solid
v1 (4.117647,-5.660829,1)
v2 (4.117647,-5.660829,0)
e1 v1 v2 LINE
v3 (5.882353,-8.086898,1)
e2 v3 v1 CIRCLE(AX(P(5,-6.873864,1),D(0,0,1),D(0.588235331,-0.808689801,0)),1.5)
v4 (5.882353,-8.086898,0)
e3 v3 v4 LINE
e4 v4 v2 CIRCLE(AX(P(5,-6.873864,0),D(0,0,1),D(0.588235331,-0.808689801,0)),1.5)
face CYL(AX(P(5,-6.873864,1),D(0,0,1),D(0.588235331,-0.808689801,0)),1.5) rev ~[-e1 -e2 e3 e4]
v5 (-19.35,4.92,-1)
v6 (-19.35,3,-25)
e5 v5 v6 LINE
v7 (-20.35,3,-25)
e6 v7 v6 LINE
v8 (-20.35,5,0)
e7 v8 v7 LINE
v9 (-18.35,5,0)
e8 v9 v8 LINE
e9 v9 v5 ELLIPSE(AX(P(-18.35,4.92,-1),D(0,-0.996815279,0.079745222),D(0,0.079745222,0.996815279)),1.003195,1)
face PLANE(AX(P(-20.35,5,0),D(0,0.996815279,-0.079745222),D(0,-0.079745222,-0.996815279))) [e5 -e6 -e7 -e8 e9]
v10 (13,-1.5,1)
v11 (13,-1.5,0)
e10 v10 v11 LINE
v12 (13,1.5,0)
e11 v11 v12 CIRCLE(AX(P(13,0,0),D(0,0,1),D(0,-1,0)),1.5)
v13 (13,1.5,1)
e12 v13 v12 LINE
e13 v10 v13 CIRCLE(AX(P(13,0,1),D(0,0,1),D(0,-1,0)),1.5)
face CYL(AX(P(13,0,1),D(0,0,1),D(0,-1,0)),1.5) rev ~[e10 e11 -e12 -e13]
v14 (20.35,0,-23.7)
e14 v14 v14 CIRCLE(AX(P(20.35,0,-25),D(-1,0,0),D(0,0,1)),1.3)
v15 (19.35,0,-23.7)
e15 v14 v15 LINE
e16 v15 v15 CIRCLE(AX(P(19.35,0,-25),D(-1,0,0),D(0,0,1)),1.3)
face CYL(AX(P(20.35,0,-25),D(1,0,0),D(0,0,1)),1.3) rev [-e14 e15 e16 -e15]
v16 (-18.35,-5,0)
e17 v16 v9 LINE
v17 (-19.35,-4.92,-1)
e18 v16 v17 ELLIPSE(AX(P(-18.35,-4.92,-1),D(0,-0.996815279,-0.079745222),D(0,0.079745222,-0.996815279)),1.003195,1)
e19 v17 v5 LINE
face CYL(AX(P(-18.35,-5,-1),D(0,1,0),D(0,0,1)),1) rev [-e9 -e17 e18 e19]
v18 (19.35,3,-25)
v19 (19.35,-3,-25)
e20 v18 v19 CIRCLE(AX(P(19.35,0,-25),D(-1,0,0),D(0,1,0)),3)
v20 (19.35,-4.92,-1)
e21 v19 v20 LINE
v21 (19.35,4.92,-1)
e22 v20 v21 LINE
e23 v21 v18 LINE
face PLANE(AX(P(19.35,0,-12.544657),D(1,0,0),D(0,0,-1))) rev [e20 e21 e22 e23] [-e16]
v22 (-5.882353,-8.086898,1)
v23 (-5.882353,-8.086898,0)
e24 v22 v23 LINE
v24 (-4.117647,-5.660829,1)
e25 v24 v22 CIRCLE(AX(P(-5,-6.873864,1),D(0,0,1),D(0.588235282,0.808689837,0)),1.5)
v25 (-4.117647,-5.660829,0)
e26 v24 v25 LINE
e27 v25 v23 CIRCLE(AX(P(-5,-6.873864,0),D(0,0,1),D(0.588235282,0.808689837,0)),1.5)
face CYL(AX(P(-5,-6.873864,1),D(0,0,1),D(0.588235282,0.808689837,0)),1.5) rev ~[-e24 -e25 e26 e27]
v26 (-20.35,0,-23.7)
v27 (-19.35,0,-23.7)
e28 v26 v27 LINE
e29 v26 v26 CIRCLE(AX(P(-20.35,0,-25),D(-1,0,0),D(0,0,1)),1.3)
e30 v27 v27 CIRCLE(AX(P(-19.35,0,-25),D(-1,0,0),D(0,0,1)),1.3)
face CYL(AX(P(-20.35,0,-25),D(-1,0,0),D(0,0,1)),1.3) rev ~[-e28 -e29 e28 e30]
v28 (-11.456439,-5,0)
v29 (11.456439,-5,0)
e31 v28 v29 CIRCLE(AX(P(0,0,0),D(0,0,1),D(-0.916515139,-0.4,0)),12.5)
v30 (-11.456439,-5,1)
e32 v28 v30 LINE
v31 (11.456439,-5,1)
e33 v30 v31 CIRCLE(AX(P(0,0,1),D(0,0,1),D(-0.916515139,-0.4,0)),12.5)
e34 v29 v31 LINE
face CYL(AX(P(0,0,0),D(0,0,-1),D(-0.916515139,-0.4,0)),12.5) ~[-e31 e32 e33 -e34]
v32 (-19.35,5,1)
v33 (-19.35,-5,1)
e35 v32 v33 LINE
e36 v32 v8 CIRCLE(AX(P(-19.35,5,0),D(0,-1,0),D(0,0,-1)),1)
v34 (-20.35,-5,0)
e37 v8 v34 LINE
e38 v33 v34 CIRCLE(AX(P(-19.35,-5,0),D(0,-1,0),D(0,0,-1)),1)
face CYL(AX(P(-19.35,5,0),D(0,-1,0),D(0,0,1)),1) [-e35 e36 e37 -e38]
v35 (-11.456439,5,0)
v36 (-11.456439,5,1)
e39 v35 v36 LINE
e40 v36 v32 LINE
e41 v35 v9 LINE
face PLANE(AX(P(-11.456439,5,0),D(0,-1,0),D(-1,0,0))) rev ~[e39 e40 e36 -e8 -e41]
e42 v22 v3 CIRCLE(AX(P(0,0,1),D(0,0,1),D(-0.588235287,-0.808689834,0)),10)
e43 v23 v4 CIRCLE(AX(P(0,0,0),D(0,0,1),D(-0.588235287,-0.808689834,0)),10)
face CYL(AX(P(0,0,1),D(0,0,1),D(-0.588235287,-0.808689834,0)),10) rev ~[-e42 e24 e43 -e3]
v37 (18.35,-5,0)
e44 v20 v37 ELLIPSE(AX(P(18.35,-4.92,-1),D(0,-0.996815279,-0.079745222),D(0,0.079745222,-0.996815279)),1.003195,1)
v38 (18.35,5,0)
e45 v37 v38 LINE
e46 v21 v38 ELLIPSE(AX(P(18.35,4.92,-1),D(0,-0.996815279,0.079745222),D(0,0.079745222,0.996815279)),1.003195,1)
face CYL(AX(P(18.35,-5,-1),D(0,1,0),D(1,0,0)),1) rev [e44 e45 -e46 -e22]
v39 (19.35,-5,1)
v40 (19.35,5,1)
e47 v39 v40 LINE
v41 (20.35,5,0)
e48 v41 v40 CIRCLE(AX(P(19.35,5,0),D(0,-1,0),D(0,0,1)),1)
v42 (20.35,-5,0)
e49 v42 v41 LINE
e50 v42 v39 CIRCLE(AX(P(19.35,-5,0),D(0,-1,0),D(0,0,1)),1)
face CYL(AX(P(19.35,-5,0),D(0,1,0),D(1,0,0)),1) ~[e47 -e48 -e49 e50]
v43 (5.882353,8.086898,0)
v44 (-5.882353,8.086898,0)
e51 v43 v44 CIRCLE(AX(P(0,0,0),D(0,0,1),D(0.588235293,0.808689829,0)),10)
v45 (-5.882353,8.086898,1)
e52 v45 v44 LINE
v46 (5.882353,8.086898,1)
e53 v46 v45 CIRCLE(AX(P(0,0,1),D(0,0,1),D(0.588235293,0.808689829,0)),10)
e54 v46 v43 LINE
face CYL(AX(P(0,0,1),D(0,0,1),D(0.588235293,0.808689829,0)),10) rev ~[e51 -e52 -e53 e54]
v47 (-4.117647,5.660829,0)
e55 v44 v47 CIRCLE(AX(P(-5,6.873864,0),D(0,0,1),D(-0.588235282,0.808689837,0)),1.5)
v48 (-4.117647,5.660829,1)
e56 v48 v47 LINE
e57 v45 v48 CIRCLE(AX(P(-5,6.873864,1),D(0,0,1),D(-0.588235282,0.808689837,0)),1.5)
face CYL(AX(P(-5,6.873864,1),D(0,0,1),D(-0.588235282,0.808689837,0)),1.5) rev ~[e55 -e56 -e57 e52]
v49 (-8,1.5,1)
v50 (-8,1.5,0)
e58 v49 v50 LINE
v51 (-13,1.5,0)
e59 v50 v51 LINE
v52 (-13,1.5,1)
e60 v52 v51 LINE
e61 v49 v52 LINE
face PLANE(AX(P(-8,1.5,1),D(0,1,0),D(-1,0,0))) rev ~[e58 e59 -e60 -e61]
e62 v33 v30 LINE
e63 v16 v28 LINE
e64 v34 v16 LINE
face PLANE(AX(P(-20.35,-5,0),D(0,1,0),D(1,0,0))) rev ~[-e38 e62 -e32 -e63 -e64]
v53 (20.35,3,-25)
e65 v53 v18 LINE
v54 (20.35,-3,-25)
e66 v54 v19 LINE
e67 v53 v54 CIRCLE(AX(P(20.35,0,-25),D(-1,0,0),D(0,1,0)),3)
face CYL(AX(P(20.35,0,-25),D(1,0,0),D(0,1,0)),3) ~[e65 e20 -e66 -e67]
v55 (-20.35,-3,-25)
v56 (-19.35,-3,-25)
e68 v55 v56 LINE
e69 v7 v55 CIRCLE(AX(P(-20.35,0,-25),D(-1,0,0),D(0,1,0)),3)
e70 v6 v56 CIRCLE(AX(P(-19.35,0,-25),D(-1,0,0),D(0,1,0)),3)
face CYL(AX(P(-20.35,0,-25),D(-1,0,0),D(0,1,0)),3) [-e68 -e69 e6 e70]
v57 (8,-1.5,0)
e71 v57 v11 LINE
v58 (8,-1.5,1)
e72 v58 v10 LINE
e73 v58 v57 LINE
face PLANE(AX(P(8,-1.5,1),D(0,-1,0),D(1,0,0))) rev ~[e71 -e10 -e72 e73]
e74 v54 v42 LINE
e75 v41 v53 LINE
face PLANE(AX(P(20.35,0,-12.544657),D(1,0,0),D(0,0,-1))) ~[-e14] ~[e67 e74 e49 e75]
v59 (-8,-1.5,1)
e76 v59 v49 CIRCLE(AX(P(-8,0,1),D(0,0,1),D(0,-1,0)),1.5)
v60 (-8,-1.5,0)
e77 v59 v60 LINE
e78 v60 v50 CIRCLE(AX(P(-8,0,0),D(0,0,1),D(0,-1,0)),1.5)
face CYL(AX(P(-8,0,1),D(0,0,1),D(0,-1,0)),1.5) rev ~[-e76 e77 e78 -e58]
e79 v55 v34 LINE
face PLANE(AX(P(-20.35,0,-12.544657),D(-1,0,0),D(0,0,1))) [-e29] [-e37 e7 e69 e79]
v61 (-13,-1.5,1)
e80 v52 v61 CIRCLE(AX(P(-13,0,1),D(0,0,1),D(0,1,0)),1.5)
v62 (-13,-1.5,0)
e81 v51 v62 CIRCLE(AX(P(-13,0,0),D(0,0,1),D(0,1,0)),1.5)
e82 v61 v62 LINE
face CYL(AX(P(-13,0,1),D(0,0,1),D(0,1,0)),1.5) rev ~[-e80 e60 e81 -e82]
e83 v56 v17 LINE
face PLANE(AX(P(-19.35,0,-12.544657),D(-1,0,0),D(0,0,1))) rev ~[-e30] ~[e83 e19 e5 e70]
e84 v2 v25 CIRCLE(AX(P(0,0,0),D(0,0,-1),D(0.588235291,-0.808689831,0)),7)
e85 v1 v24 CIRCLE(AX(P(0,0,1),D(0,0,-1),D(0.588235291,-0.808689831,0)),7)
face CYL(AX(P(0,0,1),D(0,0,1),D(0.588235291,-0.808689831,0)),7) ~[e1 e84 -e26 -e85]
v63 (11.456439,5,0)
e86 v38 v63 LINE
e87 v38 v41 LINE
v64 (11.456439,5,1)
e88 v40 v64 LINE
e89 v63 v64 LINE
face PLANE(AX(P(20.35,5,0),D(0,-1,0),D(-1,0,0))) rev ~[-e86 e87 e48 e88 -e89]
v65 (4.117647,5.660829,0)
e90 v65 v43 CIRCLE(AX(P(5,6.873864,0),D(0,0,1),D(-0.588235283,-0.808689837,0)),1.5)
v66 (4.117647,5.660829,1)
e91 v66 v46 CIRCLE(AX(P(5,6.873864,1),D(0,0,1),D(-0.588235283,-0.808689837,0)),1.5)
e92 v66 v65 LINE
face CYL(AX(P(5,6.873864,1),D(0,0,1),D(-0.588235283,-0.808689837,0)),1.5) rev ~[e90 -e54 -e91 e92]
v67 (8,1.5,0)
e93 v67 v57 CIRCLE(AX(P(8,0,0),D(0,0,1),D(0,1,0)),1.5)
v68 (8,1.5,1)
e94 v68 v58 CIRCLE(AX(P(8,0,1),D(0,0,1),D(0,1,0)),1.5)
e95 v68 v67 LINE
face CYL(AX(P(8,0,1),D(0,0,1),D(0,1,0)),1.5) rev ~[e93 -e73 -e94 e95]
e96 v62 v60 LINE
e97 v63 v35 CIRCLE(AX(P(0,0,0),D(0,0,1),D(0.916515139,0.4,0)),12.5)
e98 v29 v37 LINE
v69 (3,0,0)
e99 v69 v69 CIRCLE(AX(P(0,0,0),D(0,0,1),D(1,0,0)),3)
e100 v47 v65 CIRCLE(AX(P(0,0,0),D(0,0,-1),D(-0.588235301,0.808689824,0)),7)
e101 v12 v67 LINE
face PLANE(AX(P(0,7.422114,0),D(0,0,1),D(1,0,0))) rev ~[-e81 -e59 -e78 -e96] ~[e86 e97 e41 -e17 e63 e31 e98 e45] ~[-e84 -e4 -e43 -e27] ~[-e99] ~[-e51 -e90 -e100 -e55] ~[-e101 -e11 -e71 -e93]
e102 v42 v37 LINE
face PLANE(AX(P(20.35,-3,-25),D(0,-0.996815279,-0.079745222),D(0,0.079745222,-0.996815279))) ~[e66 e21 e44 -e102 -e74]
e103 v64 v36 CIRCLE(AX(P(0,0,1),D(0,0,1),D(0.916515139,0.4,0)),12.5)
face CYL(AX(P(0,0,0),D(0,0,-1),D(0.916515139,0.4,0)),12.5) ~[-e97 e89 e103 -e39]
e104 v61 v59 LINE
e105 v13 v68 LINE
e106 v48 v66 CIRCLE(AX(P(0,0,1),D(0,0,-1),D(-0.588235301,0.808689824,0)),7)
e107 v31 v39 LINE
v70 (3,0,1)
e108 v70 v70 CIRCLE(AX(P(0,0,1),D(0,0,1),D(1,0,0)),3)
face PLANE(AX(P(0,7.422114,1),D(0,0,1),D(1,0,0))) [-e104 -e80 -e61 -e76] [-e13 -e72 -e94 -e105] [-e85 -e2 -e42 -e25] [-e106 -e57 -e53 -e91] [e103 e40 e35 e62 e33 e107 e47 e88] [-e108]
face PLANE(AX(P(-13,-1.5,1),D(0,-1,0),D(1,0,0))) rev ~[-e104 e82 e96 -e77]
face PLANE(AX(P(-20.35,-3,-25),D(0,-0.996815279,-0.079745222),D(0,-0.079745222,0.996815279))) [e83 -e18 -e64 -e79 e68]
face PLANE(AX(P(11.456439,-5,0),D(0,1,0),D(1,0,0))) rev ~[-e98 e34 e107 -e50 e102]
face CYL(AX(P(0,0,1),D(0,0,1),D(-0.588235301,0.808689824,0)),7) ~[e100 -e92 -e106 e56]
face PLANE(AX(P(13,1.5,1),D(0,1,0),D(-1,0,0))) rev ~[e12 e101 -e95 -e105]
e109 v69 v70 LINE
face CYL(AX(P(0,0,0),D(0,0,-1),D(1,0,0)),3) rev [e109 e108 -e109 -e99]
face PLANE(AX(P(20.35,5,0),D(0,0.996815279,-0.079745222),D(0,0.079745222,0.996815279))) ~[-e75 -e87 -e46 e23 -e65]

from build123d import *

# Parameters (mm, degrees)
SKETCH1_R           = 3
BOSS_EXTRUDE1_DEPTH = 1
SKETCH2_R           = 1.3
BOSS_EXTRUDE2_DEPTH = 1
FILLET1_R           = 1
CUT_EXTRUDE1_DEPTH  = 1


with BuildPart() as part:
    # Sketch1 → Boss-Extrude1 (new body)
    with BuildSketch(Plane.XY):
        with BuildLine():
            ThreePointArc((11.456439237, 5), (0, 12.5), (-11.456439237, 5))
            Line((-11.456439237, 5), (11.456439237, 5))
        make_face()
        with BuildLine():
            Line((11.456439237, 5), (-11.456439237, 5))
            ThreePointArc((-11.456439237, 5), (-12.5, 0), (-11.456439237, -5))
            Line((-11.456439237, -5), (11.456439237, -5))
            ThreePointArc((11.456439237, -5), (12.236328912, -2.553870546), (12.5, 0))
            ThreePointArc((12.5, 0), (12.236328912, 2.553870546), (11.456439237, 5))
        make_face()
        Circle(SKETCH1_R, mode=Mode.SUBTRACT)
        with BuildLine():
            Line((20.35, 5), (11.456439237, 5))
            ThreePointArc((11.456439237, 5), (12.236328912, 2.553870546), (12.5, 0))
            ThreePointArc((12.5, 0), (12.236328912, -2.553870546), (11.456439237, -5))
            Line((11.456439237, -5), (20.35, -5))
            Line((20.35, -5), (20.35, 5))
        make_face()
        with BuildLine():
            Line((-11.456439237, 5), (-20.35, 5))
            Line((-20.35, 5), (-20.35, -5))
            Line((-20.35, -5), (-11.456439237, -5))
            ThreePointArc((-11.456439237, -5), (-12.5, 0), (-11.456439237, 5))
        make_face()
        with BuildLine():
            Line((11.456439237, -5), (-11.456439237, -5))
            ThreePointArc((-11.456439237, -5), (0, -12.5), (11.456439237, -5))
        make_face()
    extrude(amount=BOSS_EXTRUDE1_DEPTH)

    # Sketch2 → Boss-Extrude2 (add)
    with BuildSketch(Plane.ZY.offset(20.35)):
        with BuildLine():
            Line((-25, -3), (0, -5))
            Line((0, -5), (0, 5))
            Line((0, 5), (-25, 3))
            ThreePointArc((-25, 3), (-28, 0), (-25, -3))
        make_face()
        with Locations((-25, 0)):
            Circle(SKETCH2_R, mode=Mode.SUBTRACT)
    boss_extrude2 = extrude(amount=-BOSS_EXTRUDE2_DEPTH)

    # Mirror1: Boss-Extrude2 across plane
    add(boss_extrude2.mirror(Plane.ZY))

    # Fillet1
    fillet1_edges = [part.edges().sort_by_distance(p)[0] for p in [
        (20.35, 0, 1),
        (-20.35, 0, 1),
        (19.35, 0, 0),
        (-19.35, 0, 0),
    ]]
    fillet(fillet1_edges, radius=FILLET1_R)

    # Sketch3 → Cut-Extrude1 (cut)
    with BuildSketch(Plane.XY.offset(1)):
        with BuildLine():
            ThreePointArc((8, 1.5), (6.5, 0), (8, -1.5))
            Line((8, -1.5), (13, -1.5))
            ThreePointArc((13, -1.5), (14.5, 0), (13, 1.5))
            Line((13, 1.5), (8, 1.5))
        make_face()
        with BuildLine():
            ThreePointArc((-4.117647107, 5.660828765), (-1.9e-08, 7), (4.117647076, 5.660828787))
            ThreePointArc((4.117647076, 5.660828787), (6.213034752, 5.991510614), (5.882352933, 8.086898291))
            ThreePointArc((5.882352933, 8.086898291), (6e-09, 10), (-5.882352923, 8.086898298))
            ThreePointArc((-5.882352923, 8.086898298), (-6.213034767, 5.991510634), (-4.117647107, 5.660828765))
        make_face()
        with BuildLine():
            ThreePointArc((4.117647035, -5.660828817), (-2.5e-08, -7), (-4.117647076, -5.660828787))
            ThreePointArc((-4.117647076, -5.660828787), (-6.213034774, -5.991510645), (-5.882352871, -8.086898336))
            ThreePointArc((-5.882352871, -8.086898336), (7.8e-08, -10), (5.882352997, -8.086898245))
            ThreePointArc((5.882352997, -8.086898245), (6.213034714, -5.991510562), (4.117647035, -5.660828817))
        make_face()
        with BuildLine():
            ThreePointArc((-8, -1.5), (-6.5, 0), (-8, 1.5))
            Line((-8, 1.5), (-13, 1.5))
            ThreePointArc((-13, 1.5), (-14.5, 0), (-13, -1.5))
            Line((-13, -1.5), (-8, -1.5))
        make_face()
    extrude(amount=-CUT_EXTRUDE1_DEPTH, mode=Mode.SUBTRACT)


solid = part.part
